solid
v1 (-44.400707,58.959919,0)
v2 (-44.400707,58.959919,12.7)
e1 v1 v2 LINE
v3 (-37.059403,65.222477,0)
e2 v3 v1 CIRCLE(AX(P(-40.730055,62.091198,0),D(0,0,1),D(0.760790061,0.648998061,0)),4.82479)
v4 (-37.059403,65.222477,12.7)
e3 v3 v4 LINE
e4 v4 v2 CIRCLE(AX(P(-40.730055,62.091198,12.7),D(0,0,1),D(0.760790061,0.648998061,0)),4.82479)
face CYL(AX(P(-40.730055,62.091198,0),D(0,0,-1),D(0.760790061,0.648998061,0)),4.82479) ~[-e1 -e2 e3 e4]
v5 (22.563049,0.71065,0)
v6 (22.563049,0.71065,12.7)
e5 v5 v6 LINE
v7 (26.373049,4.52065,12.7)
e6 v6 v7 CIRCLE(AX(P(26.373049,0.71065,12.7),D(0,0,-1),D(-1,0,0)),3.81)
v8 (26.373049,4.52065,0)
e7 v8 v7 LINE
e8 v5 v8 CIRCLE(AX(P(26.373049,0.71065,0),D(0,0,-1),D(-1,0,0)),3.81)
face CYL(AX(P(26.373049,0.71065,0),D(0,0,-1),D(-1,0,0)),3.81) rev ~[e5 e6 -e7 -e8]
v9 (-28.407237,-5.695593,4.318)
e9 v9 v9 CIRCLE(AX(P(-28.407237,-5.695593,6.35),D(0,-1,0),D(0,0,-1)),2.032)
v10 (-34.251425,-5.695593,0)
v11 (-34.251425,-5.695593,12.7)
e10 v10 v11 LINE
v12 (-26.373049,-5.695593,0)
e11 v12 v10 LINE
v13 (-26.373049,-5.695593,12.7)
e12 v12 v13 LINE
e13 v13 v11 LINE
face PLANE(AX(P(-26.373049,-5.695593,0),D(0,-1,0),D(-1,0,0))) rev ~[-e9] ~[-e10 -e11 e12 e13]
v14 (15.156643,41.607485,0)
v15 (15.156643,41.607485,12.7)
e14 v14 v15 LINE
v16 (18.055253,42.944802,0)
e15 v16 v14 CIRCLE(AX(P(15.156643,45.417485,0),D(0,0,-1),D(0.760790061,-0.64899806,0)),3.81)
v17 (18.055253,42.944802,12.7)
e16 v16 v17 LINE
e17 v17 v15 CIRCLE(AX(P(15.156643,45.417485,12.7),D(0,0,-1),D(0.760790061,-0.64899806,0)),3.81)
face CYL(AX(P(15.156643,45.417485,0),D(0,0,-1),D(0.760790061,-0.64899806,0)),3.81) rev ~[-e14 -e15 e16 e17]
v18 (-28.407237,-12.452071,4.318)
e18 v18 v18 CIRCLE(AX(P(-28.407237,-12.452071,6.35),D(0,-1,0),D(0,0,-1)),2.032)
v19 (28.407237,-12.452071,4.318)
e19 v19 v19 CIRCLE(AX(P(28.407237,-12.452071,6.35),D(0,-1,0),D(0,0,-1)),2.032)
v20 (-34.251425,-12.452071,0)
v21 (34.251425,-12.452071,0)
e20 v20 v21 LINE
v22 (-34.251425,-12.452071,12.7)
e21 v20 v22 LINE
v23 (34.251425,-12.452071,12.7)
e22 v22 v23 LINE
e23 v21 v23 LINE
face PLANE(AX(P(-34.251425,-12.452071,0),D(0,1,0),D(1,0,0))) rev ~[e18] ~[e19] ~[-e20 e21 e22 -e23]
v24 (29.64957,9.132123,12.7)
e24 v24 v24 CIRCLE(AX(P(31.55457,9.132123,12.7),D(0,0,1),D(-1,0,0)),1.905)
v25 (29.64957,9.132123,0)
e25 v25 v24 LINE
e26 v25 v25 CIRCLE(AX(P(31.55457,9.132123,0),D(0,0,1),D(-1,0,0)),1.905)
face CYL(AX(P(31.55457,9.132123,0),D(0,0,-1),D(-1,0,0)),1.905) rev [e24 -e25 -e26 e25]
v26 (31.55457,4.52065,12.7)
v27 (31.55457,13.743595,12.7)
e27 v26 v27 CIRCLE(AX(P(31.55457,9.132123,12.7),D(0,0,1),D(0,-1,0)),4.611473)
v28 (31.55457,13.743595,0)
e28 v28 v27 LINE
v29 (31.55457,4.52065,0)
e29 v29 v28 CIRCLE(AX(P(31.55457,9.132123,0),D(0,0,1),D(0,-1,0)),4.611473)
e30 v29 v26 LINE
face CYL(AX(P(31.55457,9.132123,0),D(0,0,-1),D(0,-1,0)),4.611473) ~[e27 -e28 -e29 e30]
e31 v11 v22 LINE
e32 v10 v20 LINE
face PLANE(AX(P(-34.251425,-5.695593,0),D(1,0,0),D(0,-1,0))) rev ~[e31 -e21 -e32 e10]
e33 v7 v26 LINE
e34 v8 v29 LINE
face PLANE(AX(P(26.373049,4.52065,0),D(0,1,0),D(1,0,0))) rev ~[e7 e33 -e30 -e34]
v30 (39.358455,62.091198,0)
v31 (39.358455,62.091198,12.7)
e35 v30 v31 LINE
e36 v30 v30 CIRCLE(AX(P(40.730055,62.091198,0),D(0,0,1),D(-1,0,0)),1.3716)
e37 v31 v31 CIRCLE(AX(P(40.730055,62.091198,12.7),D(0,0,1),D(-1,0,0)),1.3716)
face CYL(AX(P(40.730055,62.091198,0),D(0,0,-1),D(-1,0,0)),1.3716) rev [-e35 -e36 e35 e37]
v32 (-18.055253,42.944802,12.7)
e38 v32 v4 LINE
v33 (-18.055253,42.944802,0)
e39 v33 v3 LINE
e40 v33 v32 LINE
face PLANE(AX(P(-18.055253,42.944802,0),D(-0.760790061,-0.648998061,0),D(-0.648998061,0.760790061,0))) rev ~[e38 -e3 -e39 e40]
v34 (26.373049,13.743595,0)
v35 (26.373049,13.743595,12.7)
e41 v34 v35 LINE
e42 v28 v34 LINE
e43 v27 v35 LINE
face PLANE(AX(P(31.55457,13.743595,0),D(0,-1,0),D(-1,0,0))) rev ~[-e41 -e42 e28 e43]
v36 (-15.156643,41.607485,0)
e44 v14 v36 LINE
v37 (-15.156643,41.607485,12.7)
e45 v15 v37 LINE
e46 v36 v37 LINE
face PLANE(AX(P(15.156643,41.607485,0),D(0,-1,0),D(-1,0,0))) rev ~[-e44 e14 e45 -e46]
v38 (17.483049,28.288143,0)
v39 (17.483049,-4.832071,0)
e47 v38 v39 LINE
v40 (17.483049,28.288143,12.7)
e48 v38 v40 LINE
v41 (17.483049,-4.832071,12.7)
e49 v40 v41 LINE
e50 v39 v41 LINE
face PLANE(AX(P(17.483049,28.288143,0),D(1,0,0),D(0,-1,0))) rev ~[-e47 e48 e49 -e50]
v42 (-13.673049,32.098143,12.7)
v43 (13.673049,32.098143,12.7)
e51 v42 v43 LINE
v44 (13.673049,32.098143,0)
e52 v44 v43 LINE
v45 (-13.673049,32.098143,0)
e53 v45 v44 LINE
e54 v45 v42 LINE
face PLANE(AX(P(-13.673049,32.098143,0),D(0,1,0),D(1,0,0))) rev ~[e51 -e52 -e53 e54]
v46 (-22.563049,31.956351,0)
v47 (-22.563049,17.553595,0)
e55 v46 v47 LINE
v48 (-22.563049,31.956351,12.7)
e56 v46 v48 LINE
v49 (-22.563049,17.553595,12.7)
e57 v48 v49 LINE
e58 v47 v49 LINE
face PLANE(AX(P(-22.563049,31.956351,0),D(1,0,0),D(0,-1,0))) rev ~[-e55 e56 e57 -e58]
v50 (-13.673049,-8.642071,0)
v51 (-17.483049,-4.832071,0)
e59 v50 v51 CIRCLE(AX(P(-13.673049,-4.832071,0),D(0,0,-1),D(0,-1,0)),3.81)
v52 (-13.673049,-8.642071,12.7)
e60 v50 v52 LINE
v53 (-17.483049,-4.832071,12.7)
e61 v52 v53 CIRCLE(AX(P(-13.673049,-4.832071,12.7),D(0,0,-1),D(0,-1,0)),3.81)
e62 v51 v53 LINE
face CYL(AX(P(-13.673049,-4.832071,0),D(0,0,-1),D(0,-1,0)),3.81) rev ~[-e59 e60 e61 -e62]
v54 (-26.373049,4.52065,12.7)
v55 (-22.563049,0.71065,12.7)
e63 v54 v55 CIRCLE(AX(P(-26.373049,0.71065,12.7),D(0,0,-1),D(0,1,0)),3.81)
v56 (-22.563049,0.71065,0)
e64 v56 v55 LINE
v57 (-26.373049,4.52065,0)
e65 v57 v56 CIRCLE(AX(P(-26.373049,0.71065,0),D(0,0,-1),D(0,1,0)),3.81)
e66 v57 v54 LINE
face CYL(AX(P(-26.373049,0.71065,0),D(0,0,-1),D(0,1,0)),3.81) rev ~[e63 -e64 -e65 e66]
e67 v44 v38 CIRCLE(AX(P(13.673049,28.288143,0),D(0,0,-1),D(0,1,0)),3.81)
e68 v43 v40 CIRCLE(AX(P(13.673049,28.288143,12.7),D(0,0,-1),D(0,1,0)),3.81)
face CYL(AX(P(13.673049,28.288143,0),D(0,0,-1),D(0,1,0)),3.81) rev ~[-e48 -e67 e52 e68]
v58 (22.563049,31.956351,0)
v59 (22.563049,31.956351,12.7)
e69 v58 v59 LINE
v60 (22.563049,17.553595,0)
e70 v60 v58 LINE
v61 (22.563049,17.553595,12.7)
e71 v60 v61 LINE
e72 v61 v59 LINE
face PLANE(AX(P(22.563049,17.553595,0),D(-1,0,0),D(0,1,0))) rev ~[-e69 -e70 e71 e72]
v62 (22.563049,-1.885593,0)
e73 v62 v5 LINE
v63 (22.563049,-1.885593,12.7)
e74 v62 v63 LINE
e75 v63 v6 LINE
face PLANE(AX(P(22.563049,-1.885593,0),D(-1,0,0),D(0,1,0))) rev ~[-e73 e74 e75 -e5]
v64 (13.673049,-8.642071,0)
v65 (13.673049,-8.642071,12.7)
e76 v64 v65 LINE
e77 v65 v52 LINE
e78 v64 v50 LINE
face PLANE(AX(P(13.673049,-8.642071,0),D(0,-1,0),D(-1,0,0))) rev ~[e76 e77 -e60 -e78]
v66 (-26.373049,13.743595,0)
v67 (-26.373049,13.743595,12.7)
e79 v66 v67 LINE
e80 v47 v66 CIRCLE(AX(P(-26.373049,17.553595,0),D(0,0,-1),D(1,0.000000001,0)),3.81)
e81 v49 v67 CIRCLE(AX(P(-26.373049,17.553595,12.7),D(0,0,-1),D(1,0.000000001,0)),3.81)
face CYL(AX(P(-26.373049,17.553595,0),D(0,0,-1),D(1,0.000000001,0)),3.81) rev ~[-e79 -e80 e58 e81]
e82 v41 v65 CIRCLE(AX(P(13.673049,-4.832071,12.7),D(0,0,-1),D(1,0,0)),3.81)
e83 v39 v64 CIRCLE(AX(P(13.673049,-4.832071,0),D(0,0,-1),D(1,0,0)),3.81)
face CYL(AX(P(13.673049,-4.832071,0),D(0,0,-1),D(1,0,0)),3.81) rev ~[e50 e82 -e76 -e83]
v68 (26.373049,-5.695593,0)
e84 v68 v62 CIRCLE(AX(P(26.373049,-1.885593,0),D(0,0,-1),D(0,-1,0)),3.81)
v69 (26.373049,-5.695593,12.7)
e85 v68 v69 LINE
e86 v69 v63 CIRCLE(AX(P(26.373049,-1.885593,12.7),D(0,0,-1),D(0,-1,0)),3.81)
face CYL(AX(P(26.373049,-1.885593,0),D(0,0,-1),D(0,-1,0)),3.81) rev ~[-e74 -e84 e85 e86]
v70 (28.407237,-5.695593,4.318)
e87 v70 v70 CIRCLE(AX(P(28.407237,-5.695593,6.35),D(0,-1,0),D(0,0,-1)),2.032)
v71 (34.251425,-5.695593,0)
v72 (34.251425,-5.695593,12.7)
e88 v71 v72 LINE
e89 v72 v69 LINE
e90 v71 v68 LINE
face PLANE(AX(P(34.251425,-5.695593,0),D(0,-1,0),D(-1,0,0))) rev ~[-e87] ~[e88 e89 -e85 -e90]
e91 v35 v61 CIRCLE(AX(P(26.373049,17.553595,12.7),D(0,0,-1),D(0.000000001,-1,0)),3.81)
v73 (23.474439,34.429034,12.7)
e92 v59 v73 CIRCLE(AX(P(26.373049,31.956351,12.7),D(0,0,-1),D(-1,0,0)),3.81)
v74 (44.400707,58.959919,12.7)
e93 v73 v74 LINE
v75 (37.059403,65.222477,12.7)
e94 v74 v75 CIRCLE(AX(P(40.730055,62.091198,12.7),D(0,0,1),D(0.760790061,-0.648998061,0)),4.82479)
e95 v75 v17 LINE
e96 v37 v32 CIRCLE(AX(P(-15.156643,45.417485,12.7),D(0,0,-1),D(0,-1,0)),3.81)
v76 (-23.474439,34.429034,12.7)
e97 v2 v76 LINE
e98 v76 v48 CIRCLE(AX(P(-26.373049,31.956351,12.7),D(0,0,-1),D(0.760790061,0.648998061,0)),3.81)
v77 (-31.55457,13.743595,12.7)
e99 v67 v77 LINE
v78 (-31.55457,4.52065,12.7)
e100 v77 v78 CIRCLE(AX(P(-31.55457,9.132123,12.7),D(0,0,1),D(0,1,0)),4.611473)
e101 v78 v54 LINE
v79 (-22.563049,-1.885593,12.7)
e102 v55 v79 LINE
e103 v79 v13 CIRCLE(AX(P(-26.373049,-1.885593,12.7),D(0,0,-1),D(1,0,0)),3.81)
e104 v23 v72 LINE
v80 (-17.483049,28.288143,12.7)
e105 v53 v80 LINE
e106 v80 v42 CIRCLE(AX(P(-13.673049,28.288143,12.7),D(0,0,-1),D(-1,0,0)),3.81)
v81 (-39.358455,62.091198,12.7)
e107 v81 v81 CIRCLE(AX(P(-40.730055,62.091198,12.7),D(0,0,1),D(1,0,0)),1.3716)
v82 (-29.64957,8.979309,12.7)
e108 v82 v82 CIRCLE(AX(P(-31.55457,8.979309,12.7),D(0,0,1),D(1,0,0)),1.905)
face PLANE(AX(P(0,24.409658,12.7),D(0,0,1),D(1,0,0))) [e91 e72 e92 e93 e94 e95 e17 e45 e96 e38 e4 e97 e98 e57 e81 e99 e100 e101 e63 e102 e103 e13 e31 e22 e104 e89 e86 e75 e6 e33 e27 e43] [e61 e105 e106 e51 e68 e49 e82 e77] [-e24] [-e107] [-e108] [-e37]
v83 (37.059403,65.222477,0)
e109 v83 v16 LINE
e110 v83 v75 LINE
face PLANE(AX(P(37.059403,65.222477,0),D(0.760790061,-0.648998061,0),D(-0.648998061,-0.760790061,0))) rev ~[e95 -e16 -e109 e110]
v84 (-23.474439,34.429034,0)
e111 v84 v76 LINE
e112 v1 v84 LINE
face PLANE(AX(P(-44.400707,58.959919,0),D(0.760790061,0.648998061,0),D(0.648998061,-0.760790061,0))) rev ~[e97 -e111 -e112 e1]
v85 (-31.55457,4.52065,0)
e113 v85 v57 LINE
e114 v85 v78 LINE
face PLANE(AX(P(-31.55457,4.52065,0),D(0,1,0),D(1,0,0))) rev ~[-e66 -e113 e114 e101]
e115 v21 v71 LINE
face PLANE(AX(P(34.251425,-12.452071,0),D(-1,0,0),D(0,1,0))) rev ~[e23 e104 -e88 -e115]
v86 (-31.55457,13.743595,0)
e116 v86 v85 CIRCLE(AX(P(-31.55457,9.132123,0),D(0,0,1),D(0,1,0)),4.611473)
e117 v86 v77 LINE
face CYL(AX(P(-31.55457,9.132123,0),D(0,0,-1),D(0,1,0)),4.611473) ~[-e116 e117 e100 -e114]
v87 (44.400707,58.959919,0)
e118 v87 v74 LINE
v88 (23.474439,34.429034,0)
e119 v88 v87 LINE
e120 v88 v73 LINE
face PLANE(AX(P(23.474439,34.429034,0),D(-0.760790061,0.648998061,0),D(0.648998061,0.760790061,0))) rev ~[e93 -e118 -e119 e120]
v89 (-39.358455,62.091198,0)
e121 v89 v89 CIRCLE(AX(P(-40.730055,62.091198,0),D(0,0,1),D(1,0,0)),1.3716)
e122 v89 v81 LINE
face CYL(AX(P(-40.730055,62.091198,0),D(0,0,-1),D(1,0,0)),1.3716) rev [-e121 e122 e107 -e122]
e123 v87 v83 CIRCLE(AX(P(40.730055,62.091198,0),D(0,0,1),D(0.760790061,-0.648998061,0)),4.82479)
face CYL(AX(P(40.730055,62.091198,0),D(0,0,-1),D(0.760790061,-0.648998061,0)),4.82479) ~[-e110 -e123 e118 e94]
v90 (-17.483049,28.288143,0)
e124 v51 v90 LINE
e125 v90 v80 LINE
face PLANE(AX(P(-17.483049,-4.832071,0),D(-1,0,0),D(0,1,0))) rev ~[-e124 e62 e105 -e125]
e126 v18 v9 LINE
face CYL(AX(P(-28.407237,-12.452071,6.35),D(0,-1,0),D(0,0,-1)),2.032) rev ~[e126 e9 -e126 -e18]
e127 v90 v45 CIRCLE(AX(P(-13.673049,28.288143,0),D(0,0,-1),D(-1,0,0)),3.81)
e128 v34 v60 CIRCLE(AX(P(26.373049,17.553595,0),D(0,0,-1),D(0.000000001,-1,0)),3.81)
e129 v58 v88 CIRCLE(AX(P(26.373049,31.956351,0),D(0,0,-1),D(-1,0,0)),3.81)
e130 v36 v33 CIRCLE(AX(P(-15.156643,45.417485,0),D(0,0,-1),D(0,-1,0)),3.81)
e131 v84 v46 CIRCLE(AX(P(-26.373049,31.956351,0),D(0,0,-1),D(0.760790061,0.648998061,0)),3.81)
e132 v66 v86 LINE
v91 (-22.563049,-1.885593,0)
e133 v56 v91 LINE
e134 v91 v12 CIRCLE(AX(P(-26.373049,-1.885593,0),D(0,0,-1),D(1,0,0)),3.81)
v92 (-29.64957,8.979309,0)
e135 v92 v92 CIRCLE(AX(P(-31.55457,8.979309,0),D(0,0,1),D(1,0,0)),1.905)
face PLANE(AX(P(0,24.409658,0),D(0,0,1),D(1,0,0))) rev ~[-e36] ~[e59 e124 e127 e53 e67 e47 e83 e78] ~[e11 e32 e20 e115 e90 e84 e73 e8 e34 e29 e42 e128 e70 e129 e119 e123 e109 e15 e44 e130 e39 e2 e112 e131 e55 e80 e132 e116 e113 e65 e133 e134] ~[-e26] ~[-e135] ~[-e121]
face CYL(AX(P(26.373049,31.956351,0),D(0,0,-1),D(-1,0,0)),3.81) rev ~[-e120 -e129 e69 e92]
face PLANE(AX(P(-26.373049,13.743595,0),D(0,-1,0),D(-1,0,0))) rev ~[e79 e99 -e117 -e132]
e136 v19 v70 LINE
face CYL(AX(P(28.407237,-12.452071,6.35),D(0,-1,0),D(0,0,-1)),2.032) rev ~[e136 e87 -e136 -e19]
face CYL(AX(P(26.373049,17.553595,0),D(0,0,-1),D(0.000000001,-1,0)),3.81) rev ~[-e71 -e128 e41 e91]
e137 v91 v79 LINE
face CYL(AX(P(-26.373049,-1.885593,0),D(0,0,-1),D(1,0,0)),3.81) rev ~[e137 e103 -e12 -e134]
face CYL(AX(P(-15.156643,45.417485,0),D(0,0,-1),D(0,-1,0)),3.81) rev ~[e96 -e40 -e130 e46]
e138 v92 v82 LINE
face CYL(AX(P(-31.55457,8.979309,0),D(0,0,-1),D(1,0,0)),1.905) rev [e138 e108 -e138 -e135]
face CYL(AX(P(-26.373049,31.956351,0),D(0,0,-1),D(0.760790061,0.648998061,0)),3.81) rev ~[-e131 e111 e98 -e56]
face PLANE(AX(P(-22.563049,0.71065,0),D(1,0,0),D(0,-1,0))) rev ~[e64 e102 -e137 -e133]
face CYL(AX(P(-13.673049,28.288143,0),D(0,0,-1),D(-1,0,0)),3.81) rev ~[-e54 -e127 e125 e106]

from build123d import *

# Parameters (mm, degrees)
SKETCH1_R      = 1.3716
SKETCH1_R_2    = 1.905
EXTRUDE1_DEPTH = 12.7
SKETCH2_R      = 2.032
EXTRUDE2_DEPTH = 9.652


with BuildPart() as part:
    # Sketch1 → Extrude1 (new body)
    with BuildSketch(Plane.XY):
        with BuildLine():
            Line((-44.40070708, 58.959918893), (-23.474438879, 34.429033799))
            ThreePointArc((-23.474438879, 34.429033799), (-22.79815009, 33.273999736), (-22.563049012, 31.956351187))
            Line((-22.563049012, 31.956351187), (-22.563049012, 17.553595327))
            ThreePointArc((-22.563049012, 17.553595327), (-23.678972175, 14.85951849), (-26.373049012, 13.743595327))
            Line((-26.373049012, 13.743595327), (-31.554570289, 13.743595327))
            ThreePointArc((-31.554570289, 13.743595327), (-36.166042792, 9.132122824), (-31.554570289, 4.520650321))
            Line((-31.554570289, 4.520650321), (-26.373049012, 4.520650321))
            ThreePointArc((-26.373049012, 4.520650321), (-23.678972175, 3.404727157), (-22.563049012, 0.710650321))
            Line((-22.563049012, 0.710650321), (-22.563049012, -1.885593273))
            ThreePointArc((-22.563049012, -1.885593273), (-23.678972175, -4.579670109), (-26.373049012, -5.695593273))
            Line((-26.373049012, -5.695593273), (-34.251425283, -5.695593273))
            Line((-34.251425283, -5.695593273), (-34.251425283, -12.452071481))
            Line((-34.251425283, -12.452071481), (34.251425283, -12.452071481))
            Line((34.251425283, -12.452071481), (34.251425283, -5.695593273))
            Line((34.251425283, -5.695593273), (26.373049012, -5.695593273))
            ThreePointArc((26.373049012, -5.695593273), (23.678972175, -4.579670109), (22.563049012, -1.885593273))
            Line((22.563049012, -1.885593273), (22.563049012, 0.710650321))
            ThreePointArc((22.563049012, 0.710650321), (23.678972175, 3.404727157), (26.373049012, 4.520650321))
            Line((26.373049012, 4.520650321), (31.554570289, 4.520650321))
            ThreePointArc((31.554570289, 4.520650321), (36.166042792, 9.132122824), (31.554570289, 13.743595327))
            Line((31.554570289, 13.743595327), (26.373049012, 13.743595327))
            ThreePointArc((26.373049012, 13.743595327), (23.678972175, 14.85951849), (22.563049012, 17.553595327))
            Line((22.563049012, 17.553595327), (22.563049012, 31.956351187))
            ThreePointArc((22.563049012, 31.956351187), (22.79815009, 33.273999736), (23.474438879, 34.429033799))
            Line((23.474438879, 34.429033799), (44.40070708, 58.959918893))
            ThreePointArc((44.40070708, 58.959918893), (43.861334165, 65.761850412), (37.059402646, 65.222477498))
            Line((37.059402646, 65.222477498), (18.05525325, 42.944802345))
            ThreePointArc((18.05525325, 42.944802345), (16.752760164, 41.957931463), (15.156643118, 41.607484957))
            Line((15.156643118, 41.607484957), (-15.156643118, 41.607484957))
            ThreePointArc((-15.156643118, 41.607484957), (-16.752760164, 41.957931463), (-18.05525325, 42.944802345))
            Line((-18.05525325, 42.944802345), (-37.059402646, 65.222477498))
            ThreePointArc((-37.059402646, 65.222477498), (-43.861334165, 65.761850412), (-44.40070708, 58.959918893))
        make_face()
        with Locations((-40.730054863, 62.091198195)):
            Circle(SKETCH1_R, mode=Mode.SUBTRACT)
        with Locations(Location((31.554570289, 9.132122824, 0), (0, 0, 180))):
            Circle(SKETCH1_R_2, mode=Mode.SUBTRACT)
        with Locations(Location((40.730054863, 62.091198195, 0), (0, 0, 180))):
            Circle(SKETCH1_R, mode=Mode.SUBTRACT)
        with Locations((-31.554570289, 8.979309022)):
            Circle(SKETCH1_R_2, mode=Mode.SUBTRACT)
        with BuildLine():
            Line((-13.673049012, 32.09814334), (13.673049012, 32.09814334))
            ThreePointArc((13.673049012, 32.09814334), (16.367125848, 30.982220177), (17.483049012, 28.28814334))
            Line((17.483049012, 28.28814334), (17.483049012, -4.832071481))
            ThreePointArc((17.483049012, -4.832071481), (16.367125848, -7.526148317), (13.673049012, -8.642071481))
            Line((13.673049012, -8.642071481), (-13.673049012, -8.642071481))
            ThreePointArc((-13.673049012, -8.642071481), (-16.367125848, -7.526148317), (-17.483049012, -4.832071481))
            Line((-17.483049012, -4.832071481), (-17.483049012, 28.28814334))
            ThreePointArc((-17.483049012, 28.28814334), (-16.367125848, 30.982220177), (-13.673049012, 32.09814334))
        make_face(mode=Mode.SUBTRACT)
    extrude(amount=EXTRUDE1_DEPTH)

    # Sketch2 → Extrude2 (cut)
    with BuildSketch(Plane.XZ.offset(12.452071481)):
        with Locations(Location((28.407237147, 6.35, 0), (0, 0, 270))):
            Circle(SKETCH2_R)
        with Locations(Location((-28.407237147, 6.35, 0), (0, 0, 270))):
            Circle(SKETCH2_R)
    extrude(amount=-EXTRUDE2_DEPTH, mode=Mode.SUBTRACT)


solid = part.part
